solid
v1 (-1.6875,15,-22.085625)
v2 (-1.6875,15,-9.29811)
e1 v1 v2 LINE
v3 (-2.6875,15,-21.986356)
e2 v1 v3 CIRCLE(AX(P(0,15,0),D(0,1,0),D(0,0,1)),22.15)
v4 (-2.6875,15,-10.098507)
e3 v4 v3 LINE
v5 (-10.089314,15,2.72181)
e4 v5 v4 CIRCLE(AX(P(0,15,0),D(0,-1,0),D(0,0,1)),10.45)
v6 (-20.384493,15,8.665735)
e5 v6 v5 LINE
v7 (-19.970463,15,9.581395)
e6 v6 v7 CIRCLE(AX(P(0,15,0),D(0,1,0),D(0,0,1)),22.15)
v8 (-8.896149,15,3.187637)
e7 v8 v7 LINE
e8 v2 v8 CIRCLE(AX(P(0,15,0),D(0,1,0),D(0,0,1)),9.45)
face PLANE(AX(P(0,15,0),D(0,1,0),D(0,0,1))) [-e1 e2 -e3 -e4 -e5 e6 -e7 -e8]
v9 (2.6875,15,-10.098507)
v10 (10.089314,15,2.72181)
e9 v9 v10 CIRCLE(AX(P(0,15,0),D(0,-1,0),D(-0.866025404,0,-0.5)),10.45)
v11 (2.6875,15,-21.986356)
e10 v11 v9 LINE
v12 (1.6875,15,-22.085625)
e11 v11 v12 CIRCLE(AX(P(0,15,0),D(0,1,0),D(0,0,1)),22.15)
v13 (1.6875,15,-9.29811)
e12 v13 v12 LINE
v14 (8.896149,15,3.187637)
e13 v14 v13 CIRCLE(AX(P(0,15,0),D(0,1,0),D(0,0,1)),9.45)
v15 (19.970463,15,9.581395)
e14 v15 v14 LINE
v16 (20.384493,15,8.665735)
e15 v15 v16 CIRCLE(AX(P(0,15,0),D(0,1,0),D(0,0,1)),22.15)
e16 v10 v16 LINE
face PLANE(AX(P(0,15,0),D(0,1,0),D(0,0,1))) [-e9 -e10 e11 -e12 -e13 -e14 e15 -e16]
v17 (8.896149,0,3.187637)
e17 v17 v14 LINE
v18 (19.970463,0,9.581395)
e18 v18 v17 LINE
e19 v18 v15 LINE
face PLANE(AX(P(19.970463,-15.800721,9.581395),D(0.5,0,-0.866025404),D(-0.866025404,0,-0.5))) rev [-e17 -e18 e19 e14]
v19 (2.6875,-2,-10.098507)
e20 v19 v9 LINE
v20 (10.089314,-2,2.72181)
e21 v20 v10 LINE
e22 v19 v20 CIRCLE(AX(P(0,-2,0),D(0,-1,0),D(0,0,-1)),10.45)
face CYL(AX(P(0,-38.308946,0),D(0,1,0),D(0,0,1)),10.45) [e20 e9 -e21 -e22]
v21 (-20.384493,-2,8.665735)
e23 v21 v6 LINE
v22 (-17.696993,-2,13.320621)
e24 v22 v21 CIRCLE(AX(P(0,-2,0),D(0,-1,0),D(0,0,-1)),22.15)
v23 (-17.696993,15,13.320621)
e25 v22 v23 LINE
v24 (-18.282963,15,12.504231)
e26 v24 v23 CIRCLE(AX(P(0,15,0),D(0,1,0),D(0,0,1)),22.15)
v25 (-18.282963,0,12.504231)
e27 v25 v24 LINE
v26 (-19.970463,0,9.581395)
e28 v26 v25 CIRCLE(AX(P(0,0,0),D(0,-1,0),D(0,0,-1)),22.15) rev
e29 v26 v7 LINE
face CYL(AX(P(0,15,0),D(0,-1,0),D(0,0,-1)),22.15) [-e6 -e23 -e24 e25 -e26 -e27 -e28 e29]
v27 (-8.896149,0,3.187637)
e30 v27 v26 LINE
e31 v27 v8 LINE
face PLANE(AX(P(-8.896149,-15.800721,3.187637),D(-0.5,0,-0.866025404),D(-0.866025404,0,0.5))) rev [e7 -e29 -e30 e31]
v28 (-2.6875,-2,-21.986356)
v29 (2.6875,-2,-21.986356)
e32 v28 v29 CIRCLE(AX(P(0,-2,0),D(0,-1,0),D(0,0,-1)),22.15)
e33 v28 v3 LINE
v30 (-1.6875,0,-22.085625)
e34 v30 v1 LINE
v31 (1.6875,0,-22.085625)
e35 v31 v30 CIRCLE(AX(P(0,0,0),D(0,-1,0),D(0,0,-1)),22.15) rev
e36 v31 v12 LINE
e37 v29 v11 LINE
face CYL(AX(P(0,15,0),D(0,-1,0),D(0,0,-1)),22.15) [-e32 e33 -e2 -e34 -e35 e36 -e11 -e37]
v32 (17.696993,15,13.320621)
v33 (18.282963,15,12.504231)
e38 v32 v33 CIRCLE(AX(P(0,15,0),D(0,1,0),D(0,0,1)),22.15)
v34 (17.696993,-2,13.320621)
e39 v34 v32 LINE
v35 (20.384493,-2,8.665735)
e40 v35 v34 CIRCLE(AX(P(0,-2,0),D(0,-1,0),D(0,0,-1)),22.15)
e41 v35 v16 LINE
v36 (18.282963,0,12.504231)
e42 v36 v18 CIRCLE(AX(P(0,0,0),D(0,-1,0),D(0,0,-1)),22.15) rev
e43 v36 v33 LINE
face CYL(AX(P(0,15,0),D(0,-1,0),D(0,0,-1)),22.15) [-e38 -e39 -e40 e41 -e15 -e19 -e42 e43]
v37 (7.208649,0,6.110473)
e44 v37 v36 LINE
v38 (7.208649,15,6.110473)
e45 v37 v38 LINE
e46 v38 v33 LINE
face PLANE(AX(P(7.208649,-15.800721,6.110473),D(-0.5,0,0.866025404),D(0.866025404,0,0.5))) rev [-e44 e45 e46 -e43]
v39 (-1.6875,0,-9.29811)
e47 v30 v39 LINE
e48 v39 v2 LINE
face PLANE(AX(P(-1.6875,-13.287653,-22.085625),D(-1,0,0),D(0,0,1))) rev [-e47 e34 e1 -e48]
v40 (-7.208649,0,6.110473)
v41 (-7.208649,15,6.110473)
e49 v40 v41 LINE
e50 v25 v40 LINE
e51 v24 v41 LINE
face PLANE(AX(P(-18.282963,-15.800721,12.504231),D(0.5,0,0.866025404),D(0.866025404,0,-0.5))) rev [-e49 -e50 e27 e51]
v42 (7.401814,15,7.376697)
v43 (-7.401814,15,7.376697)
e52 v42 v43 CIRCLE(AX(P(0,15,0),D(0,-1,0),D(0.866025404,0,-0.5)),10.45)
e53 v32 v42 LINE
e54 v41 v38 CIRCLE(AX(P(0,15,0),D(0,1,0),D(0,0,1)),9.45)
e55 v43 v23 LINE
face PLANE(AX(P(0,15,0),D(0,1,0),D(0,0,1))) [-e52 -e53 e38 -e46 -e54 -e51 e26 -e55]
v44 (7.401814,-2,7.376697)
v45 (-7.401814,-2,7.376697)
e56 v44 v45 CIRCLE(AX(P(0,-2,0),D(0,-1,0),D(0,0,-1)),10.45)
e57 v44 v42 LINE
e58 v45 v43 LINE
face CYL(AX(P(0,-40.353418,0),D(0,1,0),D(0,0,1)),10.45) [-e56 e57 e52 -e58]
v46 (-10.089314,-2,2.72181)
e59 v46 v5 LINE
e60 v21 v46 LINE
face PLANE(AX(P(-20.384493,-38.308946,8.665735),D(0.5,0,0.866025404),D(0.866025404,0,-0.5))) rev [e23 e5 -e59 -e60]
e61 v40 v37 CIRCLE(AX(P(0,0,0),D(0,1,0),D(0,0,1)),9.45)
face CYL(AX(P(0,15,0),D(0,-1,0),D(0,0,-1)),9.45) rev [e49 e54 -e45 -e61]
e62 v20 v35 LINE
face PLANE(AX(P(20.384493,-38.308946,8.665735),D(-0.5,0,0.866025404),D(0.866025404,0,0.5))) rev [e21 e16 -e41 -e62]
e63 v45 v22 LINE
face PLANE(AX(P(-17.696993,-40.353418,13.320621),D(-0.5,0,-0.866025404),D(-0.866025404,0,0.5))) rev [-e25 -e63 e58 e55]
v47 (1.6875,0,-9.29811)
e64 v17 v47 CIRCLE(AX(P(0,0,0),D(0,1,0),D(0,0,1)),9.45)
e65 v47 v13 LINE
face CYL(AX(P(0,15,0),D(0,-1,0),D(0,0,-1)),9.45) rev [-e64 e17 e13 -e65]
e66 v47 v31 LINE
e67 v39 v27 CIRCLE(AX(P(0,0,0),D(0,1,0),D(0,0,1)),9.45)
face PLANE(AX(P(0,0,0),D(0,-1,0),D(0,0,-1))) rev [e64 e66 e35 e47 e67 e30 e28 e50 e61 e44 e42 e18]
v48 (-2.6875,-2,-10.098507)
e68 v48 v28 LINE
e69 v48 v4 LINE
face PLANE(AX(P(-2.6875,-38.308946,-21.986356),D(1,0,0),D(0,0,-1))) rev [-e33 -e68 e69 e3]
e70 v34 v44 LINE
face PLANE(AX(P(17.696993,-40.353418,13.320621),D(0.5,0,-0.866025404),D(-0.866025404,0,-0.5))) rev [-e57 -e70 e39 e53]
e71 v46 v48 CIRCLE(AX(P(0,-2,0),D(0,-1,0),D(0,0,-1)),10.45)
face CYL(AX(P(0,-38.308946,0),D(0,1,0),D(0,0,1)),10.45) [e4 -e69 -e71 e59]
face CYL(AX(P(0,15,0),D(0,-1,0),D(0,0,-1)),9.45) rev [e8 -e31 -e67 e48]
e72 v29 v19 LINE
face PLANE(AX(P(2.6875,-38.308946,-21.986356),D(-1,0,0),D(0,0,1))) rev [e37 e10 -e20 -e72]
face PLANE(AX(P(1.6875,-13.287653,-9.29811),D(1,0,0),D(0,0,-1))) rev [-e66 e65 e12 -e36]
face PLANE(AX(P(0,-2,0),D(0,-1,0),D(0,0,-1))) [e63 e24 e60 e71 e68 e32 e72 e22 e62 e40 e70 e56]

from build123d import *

# Parameters (mm, degrees)
SKETCH2_R           = 22.15
SKETCH2_R_2         = 9.45
BOSS_EXTRUDE2_DEPTH = 15
SKETCH3_R           = 22.15
BOSS_EXTRUDE3_DEPTH = 2
CUT_EXTRUDE1_DEPTH  = 15
CIRPATTERN1_COUNT   = 3
CUT_EXTRUDE2_DEPTH  = 17
CIRPATTERN2_COUNT   = 3


with BuildPart() as part:
    # Sketch2 → Boss-Extrude2 (new body)
    with BuildSketch(Plane(origin=(0, 0, 0), x_dir=(1, 0, 0), z_dir=(0, 1, 0))):
        Circle(SKETCH2_R)
        Circle(SKETCH2_R_2, mode=Mode.SUBTRACT)
    extrude(amount=BOSS_EXTRUDE2_DEPTH)

    # Sketch3 → Boss-Extrude3 (add)
    with BuildSketch(Plane.XZ):
        Circle(SKETCH3_R)
    extrude(amount=BOSS_EXTRUDE3_DEPTH)

    # Sketch4 → Cut-Extrude1 (cut)
    with BuildSketch(Plane(origin=(0, 15, 0), x_dir=(1, 0, 0), z_dir=(0, 1, 0))):
        with BuildLine():
            Line((-1.6875, 22.085625274), (-1.6875, 9.298109687))
            ThreePointArc((-1.6875, 9.298109687), (0, 9.45), (1.6875, 9.298109687))
            Line((1.6875, 9.298109687), (1.6875, 22.085625274))
            ThreePointArc((1.6875, 22.085625274), (0, 22.15), (-1.6875, 22.085625274))
        make_face()
    cut_extrude1 = extrude(amount=-CUT_EXTRUDE1_DEPTH, mode=Mode.SUBTRACT)

    # CirPattern1: Cut-Extrude1 ×3 about axis
    cirpattern1_axis = Axis((0, 0, 0), (0, 1, 0))
    for i in range(1, CIRPATTERN1_COUNT):
        add(cut_extrude1.rotate(cirpattern1_axis, i * 360 / CIRPATTERN1_COUNT), mode=Mode.SUBTRACT)

    # Sketch6 → Cut-Extrude2 (cut)
    with BuildSketch(Plane(origin=(0, 15, 0), x_dir=(1, 0, 0), z_dir=(0, 1, 0))):
        with BuildLine():
            Line((-20.384492706, -8.665734654), (-10.089313607, -2.72181023))
            ThreePointArc((-10.089313607, -2.72181023), (-9.04996547, 5.225), (-2.6875, 10.098507006))
            Line((-2.6875, 10.098507006), (-2.6875, 21.986355854))
            ThreePointArc((-2.6875, 21.986355854), (-19.182462694, 11.075), (-20.384492706, -8.665734654))
        make_face()
    cut_extrude2 = extrude(amount=-CUT_EXTRUDE2_DEPTH, mode=Mode.SUBTRACT)

    # CirPattern2: Cut-Extrude2 ×3 about axis
    cirpattern2_axis = Axis((0, 0, 0), (0, 1, 0))
    for i in range(1, CIRPATTERN2_COUNT):
        add(cut_extrude2.rotate(cirpattern2_axis, i * 360 / CIRPATTERN2_COUNT), mode=Mode.SUBTRACT)


solid = part.part
